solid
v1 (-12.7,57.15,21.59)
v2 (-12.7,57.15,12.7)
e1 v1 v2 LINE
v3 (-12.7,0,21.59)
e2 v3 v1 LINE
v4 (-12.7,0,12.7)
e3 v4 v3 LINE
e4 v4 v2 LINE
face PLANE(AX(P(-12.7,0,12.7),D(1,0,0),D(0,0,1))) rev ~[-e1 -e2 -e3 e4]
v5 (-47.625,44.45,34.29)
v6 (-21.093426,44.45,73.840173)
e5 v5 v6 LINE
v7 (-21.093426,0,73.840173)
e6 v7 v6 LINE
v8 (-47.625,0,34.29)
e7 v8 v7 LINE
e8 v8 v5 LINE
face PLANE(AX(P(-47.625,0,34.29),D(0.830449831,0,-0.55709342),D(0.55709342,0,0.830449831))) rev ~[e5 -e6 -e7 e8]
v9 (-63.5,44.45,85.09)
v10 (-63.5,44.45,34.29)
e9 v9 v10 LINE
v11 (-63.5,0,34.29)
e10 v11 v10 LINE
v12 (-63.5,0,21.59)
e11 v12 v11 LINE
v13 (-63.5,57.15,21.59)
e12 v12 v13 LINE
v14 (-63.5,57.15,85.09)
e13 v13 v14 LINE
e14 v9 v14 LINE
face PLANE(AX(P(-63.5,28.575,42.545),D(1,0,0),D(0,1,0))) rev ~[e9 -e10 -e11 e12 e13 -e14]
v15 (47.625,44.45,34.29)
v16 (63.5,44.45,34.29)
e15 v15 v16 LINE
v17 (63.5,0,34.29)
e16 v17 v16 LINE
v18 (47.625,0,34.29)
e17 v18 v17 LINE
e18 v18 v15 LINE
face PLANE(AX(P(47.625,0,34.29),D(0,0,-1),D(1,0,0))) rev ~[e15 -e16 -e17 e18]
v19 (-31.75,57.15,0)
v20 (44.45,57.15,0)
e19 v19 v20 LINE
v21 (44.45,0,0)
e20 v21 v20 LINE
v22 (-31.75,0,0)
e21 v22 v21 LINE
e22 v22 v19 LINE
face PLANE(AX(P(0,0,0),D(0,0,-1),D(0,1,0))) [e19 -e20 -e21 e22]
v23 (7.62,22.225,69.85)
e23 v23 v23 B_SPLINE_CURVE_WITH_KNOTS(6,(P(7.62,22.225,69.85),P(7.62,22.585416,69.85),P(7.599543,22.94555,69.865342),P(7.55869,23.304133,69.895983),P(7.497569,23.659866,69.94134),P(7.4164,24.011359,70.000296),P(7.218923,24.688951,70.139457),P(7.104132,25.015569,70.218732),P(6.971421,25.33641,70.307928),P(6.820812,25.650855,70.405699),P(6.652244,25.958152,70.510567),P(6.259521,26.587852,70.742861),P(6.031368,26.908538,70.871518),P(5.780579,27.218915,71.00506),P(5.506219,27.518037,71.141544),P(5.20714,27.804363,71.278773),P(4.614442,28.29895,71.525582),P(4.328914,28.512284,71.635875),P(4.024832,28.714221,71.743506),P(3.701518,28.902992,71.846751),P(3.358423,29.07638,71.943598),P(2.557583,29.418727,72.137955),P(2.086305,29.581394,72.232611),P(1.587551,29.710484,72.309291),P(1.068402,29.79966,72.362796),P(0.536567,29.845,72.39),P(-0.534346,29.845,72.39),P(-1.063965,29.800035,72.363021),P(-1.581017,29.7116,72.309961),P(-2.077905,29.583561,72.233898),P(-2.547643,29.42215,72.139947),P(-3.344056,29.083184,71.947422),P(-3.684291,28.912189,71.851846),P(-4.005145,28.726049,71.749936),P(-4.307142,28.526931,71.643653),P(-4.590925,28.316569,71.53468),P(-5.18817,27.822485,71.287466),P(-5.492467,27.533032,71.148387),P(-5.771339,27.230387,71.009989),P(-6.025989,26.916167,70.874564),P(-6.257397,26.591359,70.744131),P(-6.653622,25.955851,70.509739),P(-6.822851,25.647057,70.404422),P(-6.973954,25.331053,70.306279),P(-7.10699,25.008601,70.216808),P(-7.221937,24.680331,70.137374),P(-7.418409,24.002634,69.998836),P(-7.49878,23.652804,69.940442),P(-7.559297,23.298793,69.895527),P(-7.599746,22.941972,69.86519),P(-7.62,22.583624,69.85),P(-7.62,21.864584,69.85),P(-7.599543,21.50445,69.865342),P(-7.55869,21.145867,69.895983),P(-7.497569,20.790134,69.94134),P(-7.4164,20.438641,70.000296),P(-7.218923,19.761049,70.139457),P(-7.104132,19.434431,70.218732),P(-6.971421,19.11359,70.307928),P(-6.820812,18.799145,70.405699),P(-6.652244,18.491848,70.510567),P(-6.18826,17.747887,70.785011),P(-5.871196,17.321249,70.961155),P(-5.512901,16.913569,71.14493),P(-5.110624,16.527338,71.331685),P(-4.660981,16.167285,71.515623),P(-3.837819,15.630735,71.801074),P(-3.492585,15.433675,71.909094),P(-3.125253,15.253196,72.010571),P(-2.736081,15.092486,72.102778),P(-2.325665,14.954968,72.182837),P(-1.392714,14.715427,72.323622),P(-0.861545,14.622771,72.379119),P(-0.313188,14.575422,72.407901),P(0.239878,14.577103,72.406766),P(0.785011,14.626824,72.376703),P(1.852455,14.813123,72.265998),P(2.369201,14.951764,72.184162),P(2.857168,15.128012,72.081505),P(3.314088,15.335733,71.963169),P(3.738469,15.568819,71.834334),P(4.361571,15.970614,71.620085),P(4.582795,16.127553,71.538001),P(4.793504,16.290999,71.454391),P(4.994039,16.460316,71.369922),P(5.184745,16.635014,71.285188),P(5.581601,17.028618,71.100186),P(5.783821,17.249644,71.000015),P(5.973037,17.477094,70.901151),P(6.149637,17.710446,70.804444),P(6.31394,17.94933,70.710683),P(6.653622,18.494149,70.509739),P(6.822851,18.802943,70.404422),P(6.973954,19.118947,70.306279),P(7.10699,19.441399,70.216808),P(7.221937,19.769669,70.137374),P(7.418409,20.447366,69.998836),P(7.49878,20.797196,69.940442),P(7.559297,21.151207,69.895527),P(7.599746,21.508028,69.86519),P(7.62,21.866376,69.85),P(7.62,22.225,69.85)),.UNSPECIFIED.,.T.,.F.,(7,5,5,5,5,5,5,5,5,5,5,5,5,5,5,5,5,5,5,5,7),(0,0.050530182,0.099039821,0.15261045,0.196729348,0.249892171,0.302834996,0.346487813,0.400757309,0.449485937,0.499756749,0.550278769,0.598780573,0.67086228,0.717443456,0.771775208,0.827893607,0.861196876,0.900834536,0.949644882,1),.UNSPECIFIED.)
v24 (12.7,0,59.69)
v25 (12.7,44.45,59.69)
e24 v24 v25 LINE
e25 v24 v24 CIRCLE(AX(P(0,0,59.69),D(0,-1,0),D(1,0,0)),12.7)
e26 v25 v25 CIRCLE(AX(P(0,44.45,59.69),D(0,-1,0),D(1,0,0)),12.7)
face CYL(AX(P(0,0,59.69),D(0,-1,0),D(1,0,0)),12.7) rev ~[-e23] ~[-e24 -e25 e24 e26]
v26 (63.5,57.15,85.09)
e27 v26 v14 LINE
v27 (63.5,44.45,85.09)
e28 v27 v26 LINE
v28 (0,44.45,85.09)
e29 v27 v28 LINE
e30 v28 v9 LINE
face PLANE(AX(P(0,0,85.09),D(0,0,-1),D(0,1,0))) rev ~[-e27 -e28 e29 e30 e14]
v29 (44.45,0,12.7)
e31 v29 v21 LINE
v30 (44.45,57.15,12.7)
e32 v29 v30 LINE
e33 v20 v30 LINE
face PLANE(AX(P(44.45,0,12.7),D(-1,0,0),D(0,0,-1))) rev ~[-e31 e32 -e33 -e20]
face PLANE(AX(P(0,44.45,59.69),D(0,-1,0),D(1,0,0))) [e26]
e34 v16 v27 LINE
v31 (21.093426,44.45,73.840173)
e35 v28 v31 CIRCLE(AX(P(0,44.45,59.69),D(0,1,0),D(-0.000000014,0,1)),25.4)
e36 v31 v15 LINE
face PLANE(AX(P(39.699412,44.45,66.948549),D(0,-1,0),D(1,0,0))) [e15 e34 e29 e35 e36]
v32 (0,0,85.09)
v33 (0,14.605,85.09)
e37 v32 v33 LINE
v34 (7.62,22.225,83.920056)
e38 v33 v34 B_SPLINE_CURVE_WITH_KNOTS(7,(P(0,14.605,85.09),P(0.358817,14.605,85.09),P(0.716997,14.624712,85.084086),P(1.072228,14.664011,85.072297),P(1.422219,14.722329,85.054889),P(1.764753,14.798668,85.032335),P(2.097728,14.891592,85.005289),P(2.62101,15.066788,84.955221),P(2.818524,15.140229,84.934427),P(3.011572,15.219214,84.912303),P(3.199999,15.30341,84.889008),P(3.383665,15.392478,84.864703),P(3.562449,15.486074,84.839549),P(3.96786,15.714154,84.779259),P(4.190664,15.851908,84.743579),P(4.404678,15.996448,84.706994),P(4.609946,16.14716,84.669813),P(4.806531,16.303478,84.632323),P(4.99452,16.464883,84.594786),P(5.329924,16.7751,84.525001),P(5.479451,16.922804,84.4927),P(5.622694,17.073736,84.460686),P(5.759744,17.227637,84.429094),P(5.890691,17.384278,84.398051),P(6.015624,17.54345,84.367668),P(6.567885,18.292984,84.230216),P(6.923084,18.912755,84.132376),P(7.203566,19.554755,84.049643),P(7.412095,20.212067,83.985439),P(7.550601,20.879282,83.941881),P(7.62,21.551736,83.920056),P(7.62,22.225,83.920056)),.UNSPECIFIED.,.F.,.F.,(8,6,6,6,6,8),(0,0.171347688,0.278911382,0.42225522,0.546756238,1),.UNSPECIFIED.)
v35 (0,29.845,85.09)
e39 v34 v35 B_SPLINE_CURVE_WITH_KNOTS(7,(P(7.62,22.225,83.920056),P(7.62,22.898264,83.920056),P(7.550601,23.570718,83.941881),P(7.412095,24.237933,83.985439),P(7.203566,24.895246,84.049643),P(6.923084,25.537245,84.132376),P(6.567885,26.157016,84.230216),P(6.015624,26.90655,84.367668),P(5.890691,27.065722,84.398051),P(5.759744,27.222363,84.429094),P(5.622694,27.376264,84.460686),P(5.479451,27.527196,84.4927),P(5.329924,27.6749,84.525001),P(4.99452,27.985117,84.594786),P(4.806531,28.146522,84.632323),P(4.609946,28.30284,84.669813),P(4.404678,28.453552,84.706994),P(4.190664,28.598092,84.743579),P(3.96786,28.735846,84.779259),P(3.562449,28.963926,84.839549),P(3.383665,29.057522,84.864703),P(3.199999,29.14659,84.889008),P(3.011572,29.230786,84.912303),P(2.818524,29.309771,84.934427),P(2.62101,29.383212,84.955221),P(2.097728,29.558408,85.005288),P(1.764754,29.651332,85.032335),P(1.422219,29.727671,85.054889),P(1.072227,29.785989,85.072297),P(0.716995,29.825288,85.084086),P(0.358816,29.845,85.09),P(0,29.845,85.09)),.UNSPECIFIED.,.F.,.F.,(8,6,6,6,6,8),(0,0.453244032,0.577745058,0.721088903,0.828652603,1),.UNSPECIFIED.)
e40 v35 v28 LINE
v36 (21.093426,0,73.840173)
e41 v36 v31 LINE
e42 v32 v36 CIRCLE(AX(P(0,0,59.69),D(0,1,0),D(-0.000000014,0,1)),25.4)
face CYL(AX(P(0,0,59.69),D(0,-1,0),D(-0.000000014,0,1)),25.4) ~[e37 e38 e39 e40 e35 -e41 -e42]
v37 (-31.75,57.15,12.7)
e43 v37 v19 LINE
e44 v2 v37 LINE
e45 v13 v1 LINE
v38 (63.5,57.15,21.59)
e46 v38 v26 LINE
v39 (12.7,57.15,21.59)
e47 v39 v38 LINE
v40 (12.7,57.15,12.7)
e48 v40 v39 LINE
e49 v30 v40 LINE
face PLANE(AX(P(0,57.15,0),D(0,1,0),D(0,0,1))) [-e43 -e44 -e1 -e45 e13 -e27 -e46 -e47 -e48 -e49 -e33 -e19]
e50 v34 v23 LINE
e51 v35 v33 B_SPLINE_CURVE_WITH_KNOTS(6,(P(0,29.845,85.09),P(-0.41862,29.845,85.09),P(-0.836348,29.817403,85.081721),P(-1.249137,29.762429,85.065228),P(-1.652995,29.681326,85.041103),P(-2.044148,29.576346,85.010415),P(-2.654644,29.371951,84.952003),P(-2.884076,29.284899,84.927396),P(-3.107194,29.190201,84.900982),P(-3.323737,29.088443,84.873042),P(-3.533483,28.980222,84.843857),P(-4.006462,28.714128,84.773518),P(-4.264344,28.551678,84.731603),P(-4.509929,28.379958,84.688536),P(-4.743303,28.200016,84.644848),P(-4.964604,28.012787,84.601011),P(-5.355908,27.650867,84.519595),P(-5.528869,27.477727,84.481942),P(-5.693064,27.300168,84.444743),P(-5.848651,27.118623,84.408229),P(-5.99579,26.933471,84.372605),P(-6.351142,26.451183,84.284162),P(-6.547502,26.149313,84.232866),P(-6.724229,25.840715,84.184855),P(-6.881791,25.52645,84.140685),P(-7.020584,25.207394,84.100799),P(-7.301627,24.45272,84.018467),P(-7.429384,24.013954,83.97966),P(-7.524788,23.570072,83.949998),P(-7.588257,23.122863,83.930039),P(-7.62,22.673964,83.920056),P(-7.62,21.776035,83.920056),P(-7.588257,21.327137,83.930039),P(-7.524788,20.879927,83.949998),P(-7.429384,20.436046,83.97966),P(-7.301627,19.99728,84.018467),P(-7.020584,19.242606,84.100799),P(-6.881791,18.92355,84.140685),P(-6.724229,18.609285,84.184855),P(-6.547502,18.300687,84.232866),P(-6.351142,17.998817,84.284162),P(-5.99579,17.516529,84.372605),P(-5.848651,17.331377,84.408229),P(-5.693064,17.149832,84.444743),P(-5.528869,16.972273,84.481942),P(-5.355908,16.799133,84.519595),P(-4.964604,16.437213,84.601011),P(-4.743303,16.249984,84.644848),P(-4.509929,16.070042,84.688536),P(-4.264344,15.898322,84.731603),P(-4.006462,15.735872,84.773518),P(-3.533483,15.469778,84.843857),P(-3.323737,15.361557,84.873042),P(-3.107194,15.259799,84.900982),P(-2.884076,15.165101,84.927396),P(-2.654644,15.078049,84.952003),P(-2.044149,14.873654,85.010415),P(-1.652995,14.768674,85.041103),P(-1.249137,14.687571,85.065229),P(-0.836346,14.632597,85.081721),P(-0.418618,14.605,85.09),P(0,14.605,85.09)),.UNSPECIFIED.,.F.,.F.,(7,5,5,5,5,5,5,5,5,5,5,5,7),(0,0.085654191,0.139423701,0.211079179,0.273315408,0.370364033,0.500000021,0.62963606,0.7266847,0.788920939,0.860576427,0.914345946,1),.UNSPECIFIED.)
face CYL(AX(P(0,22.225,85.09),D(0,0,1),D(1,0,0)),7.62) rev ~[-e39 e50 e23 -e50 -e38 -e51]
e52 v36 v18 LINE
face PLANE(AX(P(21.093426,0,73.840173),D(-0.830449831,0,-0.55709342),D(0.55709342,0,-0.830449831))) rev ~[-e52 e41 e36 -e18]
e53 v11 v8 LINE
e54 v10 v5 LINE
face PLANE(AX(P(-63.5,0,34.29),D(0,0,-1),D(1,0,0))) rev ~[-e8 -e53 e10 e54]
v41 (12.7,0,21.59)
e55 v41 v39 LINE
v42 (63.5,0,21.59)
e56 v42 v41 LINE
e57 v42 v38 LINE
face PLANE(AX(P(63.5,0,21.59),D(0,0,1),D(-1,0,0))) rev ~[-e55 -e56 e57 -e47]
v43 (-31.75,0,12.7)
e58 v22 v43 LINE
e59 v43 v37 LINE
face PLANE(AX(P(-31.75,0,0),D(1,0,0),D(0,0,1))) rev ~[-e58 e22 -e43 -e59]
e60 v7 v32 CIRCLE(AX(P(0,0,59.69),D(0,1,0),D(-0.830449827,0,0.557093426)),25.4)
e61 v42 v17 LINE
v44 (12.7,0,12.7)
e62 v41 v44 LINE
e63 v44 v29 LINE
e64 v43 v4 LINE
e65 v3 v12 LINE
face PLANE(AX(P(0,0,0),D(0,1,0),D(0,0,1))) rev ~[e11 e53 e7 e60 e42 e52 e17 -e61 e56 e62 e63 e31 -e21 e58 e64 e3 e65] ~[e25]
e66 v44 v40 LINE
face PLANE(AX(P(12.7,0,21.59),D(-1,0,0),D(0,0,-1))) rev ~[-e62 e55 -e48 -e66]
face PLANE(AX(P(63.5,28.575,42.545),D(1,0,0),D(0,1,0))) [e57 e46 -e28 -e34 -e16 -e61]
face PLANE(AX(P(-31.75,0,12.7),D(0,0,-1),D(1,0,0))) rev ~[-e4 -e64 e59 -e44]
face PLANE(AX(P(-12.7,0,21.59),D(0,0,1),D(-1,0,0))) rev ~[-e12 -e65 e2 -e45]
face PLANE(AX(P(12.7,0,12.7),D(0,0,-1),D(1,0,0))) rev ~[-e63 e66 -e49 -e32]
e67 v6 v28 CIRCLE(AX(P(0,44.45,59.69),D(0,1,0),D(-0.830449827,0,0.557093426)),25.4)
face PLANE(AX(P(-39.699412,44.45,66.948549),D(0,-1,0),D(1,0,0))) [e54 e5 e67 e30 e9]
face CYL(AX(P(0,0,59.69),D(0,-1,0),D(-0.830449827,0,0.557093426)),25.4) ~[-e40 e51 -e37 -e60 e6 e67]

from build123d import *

# Parameters (mm, degrees)
F0_W     = 57.15
F0_H     = 85.09
F1_DEPTH = 63.5
F2_R     = 12.7
F3_DEPTH = 44.45
F4_R     = 7.62
F5_DEPTH = 25.4
F6_DEPTH = 57.151


with BuildPart() as f1:
    # F0 (on Right) → F1 (new body, symmetric)
    with BuildSketch(Plane.YZ):
        with Locations((28.575, 42.545)):
            Rectangle(F0_W, F0_H)
    extrude(amount=F1_DEPTH, both=True)

    # F2 (on Front) → F3 (cut)
    with BuildSketch(Plane.XZ):
        with BuildLine():
            Line((-63.5, 85.09), (-63.5, 34.29))
            Line((-63.5, 34.29), (-47.625, 34.29))
            Line((-47.625, 34.29), (-21.093426, 73.840173))
            ThreePointArc((-21.093426, 73.840173), (-11.952941, 82.101765), (0, 85.09))
            Line((0, 85.09), (-63.5, 85.09))
        make_face()
        with BuildLine():
            Line((47.625, 34.29), (63.5, 34.29))
            Line((63.5, 34.29), (63.5, 85.09))
            Line((63.5, 85.09), (0, 85.09))
            ThreePointArc((0, 85.09), (11.952941, 82.101765), (21.093426, 73.840173))
            Line((21.093426, 73.840173), (47.625, 34.29))
        make_face()
        with Locations((0, 59.69)):
            Circle(F2_R)
    extrude(amount=-F3_DEPTH, mode=Mode.SUBTRACT)

    # F4 (on face) → F5 (cut)
    with BuildSketch(Plane.XY.offset(85.09)):
        with Locations((0, 22.225)):
            Circle(F4_R)
    extrude(amount=-F5_DEPTH, mode=Mode.SUBTRACT)

    # F2 (on Front) → F6 (cut, through all)
    with BuildSketch(Plane.XZ):
        Polygon((-63.5, 0), (-31.75, 0), (-31.75, 12.7), (-12.7, 12.7), (-12.7, 21.59), (-63.5, 21.59), align=None)
        Polygon((44.45, 12.7), (44.45, 0), (63.5, 0), (63.5, 21.59), (12.7, 21.59), (12.7, 12.7), align=None)
    extrude(amount=-F6_DEPTH, mode=Mode.SUBTRACT)


solid = f1.part
